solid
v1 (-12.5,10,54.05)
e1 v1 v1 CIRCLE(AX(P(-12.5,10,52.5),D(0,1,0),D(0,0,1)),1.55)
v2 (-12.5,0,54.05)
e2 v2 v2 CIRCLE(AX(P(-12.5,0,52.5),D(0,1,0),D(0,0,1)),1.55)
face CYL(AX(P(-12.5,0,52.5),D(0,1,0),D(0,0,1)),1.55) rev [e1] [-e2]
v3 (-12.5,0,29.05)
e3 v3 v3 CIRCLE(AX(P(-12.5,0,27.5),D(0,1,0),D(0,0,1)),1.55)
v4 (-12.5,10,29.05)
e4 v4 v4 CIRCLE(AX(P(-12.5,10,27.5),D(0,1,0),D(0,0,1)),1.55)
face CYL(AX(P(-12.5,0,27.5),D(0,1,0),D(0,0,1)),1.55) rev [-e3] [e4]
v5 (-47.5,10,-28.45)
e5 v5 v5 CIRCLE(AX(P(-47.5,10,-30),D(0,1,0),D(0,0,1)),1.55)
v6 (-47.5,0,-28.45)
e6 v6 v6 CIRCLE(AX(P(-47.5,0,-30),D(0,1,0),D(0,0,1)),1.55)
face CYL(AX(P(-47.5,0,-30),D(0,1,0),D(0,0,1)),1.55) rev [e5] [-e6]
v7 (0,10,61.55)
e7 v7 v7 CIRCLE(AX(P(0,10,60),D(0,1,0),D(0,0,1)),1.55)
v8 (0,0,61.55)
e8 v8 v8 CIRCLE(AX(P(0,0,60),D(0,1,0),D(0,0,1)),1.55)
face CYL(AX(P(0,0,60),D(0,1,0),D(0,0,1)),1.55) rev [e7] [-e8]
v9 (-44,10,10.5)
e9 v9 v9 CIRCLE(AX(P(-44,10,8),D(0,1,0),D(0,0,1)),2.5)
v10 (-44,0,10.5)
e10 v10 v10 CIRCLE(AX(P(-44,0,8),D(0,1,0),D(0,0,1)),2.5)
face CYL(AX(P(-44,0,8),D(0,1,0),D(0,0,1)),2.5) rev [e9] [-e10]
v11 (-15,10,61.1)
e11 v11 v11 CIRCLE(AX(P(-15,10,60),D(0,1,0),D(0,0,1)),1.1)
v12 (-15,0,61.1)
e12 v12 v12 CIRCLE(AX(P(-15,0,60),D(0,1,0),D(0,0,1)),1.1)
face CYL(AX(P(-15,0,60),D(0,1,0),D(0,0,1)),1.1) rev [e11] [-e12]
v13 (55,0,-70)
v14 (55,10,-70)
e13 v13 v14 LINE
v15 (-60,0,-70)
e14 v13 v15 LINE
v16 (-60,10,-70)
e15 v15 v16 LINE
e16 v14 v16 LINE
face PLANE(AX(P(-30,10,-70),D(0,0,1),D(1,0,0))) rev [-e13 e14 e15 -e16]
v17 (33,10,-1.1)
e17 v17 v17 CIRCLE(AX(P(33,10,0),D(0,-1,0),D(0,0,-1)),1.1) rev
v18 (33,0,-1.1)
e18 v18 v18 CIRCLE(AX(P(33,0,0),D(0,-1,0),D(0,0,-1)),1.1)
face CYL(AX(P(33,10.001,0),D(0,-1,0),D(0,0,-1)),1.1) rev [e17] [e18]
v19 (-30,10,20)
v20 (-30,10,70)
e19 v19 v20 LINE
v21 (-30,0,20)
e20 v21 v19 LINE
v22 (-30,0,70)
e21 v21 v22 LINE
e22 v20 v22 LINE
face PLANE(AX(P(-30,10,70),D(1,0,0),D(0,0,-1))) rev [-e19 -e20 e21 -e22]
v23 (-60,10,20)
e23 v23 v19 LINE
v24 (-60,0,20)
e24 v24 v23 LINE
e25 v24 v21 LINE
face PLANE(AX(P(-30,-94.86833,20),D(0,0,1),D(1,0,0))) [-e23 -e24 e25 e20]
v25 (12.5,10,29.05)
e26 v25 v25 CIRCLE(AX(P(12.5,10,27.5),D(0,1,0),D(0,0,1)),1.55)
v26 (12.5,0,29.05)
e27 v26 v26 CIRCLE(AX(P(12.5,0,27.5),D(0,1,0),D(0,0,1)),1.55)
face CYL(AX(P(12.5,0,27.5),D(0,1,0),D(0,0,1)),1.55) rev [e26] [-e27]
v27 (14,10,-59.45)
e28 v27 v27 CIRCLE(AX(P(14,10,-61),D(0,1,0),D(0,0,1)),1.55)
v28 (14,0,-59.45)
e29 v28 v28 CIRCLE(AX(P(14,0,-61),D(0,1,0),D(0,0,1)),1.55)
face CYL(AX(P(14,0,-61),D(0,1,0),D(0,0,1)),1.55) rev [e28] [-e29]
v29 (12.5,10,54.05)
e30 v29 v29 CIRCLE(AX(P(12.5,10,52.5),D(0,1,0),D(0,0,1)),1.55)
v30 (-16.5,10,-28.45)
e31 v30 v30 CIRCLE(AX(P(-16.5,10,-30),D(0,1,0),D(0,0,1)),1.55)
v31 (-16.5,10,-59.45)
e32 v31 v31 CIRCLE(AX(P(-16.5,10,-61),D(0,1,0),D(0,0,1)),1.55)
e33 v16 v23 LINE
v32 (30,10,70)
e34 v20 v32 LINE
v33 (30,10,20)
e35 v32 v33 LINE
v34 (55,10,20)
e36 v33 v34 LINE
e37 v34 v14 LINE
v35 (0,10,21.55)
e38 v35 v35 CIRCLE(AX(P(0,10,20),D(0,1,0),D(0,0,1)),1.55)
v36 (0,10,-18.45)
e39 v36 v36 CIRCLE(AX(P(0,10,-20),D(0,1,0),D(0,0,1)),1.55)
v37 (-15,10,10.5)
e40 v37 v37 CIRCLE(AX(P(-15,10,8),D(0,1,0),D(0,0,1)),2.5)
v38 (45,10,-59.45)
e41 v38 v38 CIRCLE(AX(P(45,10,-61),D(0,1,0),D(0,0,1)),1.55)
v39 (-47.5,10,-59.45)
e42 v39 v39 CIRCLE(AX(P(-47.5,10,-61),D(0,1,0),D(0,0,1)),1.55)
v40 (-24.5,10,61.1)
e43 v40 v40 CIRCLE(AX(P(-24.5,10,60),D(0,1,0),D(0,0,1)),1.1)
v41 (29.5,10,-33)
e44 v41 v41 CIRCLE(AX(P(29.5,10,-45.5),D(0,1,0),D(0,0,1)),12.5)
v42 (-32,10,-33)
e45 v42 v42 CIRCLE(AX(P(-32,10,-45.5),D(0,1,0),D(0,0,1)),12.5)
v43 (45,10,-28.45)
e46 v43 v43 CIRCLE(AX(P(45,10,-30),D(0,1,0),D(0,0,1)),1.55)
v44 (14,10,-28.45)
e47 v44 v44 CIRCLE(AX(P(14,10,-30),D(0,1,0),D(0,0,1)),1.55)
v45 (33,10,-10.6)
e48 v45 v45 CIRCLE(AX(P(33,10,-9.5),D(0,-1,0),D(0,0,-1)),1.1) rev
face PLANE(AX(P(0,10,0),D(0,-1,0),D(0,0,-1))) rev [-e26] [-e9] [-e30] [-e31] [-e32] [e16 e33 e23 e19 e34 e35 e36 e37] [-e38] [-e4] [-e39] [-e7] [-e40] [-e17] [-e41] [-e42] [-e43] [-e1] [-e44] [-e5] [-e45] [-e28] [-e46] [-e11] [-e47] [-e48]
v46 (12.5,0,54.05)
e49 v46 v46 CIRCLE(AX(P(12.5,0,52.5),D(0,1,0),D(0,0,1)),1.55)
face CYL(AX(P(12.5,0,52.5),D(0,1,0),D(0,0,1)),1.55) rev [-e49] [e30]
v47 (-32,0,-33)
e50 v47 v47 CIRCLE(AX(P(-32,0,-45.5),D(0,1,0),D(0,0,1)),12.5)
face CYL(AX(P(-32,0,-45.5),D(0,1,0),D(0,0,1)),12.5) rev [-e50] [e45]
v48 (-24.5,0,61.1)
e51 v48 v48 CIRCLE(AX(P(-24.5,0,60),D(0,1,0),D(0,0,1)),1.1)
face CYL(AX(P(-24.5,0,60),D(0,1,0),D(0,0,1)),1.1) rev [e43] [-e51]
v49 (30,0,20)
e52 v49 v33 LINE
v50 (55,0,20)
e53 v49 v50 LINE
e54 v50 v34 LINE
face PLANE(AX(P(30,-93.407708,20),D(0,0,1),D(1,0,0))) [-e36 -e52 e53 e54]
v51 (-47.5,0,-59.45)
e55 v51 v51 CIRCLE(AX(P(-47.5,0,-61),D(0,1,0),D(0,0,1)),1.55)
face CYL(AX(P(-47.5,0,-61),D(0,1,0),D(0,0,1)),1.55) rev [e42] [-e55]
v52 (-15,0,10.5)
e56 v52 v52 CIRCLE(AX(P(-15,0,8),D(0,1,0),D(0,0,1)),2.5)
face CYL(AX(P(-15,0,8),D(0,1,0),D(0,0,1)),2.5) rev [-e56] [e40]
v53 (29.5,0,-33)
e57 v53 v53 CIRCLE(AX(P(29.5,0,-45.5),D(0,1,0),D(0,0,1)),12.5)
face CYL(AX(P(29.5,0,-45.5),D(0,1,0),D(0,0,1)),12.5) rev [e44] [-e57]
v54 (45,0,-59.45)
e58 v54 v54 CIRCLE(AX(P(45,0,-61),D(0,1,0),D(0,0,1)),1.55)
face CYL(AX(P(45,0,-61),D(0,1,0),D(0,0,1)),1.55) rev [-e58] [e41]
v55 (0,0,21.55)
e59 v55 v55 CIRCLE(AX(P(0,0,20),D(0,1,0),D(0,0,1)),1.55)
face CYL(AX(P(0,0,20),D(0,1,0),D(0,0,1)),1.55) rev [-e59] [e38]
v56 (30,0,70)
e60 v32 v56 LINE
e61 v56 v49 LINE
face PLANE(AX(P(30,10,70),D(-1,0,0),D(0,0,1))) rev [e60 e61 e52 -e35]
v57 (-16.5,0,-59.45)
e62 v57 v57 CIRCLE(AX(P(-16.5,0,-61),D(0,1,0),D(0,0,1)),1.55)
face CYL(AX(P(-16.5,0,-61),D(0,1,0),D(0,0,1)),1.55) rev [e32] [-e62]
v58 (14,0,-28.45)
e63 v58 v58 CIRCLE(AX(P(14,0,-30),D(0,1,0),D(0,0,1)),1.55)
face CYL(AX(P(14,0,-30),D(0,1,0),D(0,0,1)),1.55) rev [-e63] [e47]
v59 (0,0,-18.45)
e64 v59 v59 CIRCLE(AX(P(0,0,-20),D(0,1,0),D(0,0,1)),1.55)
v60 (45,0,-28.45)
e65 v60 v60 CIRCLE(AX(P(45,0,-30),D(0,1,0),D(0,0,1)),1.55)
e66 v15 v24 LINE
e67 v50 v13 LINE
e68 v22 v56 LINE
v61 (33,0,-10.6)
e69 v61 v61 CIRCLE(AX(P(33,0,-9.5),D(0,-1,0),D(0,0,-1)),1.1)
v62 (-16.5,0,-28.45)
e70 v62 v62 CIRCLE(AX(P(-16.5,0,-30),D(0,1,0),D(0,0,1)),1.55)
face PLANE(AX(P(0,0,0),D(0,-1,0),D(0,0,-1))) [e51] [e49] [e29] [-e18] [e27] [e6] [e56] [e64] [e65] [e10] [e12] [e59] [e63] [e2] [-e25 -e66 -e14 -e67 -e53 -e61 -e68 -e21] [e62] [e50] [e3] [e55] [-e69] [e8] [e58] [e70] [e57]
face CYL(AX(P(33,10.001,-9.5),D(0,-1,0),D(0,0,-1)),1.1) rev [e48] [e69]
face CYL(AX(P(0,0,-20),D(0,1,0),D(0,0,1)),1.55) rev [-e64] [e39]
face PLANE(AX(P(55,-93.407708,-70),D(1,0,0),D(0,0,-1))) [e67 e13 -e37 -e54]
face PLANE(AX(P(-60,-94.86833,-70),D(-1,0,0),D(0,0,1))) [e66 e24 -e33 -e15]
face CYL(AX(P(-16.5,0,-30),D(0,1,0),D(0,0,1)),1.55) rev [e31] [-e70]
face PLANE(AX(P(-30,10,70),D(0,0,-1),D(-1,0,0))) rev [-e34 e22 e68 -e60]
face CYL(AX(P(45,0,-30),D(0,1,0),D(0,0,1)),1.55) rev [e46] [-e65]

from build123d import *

# Parameters (mm, degrees)
SKETCH1_W           = 60
SKETCH1_H           = 140
BOSS_EXTRUDE1_DEPTH = 10
SKETCH3_R           = 1.55
CUT_EXTRUDE1_DEPTH  = 77.811457479
SKETCH4_R           = 1.55
CUT_EXTRUDE2_DEPTH  = 77.811457479
SKETCH7_W           = 25
SKETCH7_H           = 90
BOSS_EXTRUDE2_DEPTH = 10
SKETCH8_R           = 1.55
SKETCH8_R_2         = 12.5
CUT_EXTRUDE4_DEPTH  = 90.582364336
SKETCH9_W           = 30
SKETCH9_H           = 90
BOSS_EXTRUDE3_DEPTH = 10
SKETCH10_R          = 1.55
SKETCH10_R_2        = 12.5
CUT_EXTRUDE5_DEPTH  = 93.736184955
SKETCH11_R          = 2.5
CUT_EXTRUDE6_DEPTH  = 93.736184955
SKETCH12_R          = 1.1
CUT_EXTRUDE7_DEPTH  = 93.736184955
CUT_EXTRUDE8_REACH  = 94.736
SKETCH13_R          = 1.1


with BuildPart() as part:
    # Sketch1 → Boss-Extrude1 (new body)
    with BuildSketch(Plane(origin=(0, 0, 0), x_dir=(1, 0, 0), z_dir=(0, 1, 0))):
        Rectangle(SKETCH1_W, SKETCH1_H)
    extrude(amount=BOSS_EXTRUDE1_DEPTH)

    # Sketch3 → Cut-Extrude1 (cut, through all)
    with BuildSketch(Plane(origin=(0, 10, 0), x_dir=(1, 0, 0), z_dir=(0, 1, 0))):
        with Locations(Location((0, -60, 0), (0, 0, 270))):
            Circle(SKETCH3_R)
        with Locations(Location((0, -20, 0), (0, 0, 270))):
            Circle(SKETCH3_R)
        with Locations(Location((0, 20, 0), (0, 0, 270))):
            Circle(SKETCH3_R)
    extrude(amount=-CUT_EXTRUDE1_DEPTH, mode=Mode.SUBTRACT)

    # Sketch4 → Cut-Extrude2 (cut, through all)
    with BuildSketch(Plane(origin=(0, 10, 0), x_dir=(1, 0, 0), z_dir=(0, 1, 0))):
        with Locations(Location((12.5, -27.5, 0), (0, 0, 270))):
            Circle(SKETCH4_R)
        with Locations(Location((12.5, -52.5, 0), (0, 0, 270))):
            Circle(SKETCH4_R)
        with Locations(Location((-12.5, -27.5, 0), (0, 0, 270))):
            Circle(SKETCH4_R)
        with Locations(Location((-12.5, -52.5, 0), (0, 0, 270))):
            Circle(SKETCH4_R)
    extrude(amount=-CUT_EXTRUDE2_DEPTH, mode=Mode.SUBTRACT)

    # Sketch7 → Boss-Extrude2 (add)
    with BuildSketch(Plane(origin=(0, 10, 0), x_dir=(1, 0, 0), z_dir=(0, 1, 0))):
        with Locations((42.5, 25)):
            Rectangle(SKETCH7_W, SKETCH7_H)
    extrude(amount=-BOSS_EXTRUDE2_DEPTH)

    # Sketch8 → Cut-Extrude4 (cut, through all)
    with BuildSketch(Plane(origin=(0, 10, 0), x_dir=(1, 0, 0), z_dir=(0, 1, 0))):
        with Locations(Location((14, 30, 0), (0, 0, 270))):
            Circle(SKETCH8_R)
        with Locations(Location((45, 30, 0), (0, 0, 270))):
            Circle(SKETCH8_R)
        with Locations(Location((45, 61, 0), (0, 0, 270))):
            Circle(SKETCH8_R)
        with Locations(Location((14, 61, 0), (0, 0, 270))):
            Circle(SKETCH8_R)
        with Locations(Location((29.5, 45.5, 0), (0, 0, 270))):
            Circle(SKETCH8_R_2)
    extrude(amount=-CUT_EXTRUDE4_DEPTH, mode=Mode.SUBTRACT)

    # Sketch9 → Boss-Extrude3 (add)
    with BuildSketch(Plane(origin=(0, 10, 0), x_dir=(1, 0, 0), z_dir=(0, 1, 0))):
        with Locations((-45, 25)):
            Rectangle(SKETCH9_W, SKETCH9_H)
    extrude(amount=-BOSS_EXTRUDE3_DEPTH)

    # Sketch10 → Cut-Extrude5 (cut, through all)
    with BuildSketch(Plane(origin=(0, 10, 0), x_dir=(1, 0, 0), z_dir=(0, 1, 0))):
        with Locations(Location((-47.5, 61, 0), (0, 0, 270))):
            Circle(SKETCH10_R)
        with Locations(Location((-16.5, 61, 0), (0, 0, 270))):
            Circle(SKETCH10_R)
        with Locations(Location((-16.5, 30, 0), (0, 0, 270))):
            Circle(SKETCH10_R)
        with Locations(Location((-47.5, 30, 0), (0, 0, 270))):
            Circle(SKETCH10_R)
        with Locations(Location((-32, 45.5, 0), (0, 0, 270))):
            Circle(SKETCH10_R_2)
    extrude(amount=-CUT_EXTRUDE5_DEPTH, mode=Mode.SUBTRACT)

    # Sketch11 → Cut-Extrude6 (cut, through all)
    with BuildSketch(Plane(origin=(0, 10, 0), x_dir=(1, 0, 0), z_dir=(0, 1, 0))):
        with Locations(Location((-44, -8, 0), (0, 0, 270))):
            Circle(SKETCH11_R)
        with Locations(Location((-15, -8, 0), (0, 0, 270))):
            Circle(SKETCH11_R)
    extrude(amount=-CUT_EXTRUDE6_DEPTH, mode=Mode.SUBTRACT)

    # Sketch12 → Cut-Extrude7 (cut, through all)
    with BuildSketch(Plane(origin=(0, 10, 0), x_dir=(1, 0, 0), z_dir=(0, 1, 0))):
        with Locations(Location((-24.5, -60, 0), (0, 0, 270))):
            Circle(SKETCH12_R)
        with Locations(Location((-15, -60, 0), (0, 0, 270))):
            Circle(SKETCH12_R)
    extrude(amount=-CUT_EXTRUDE7_DEPTH, mode=Mode.SUBTRACT)

    # Sketch13 → Cut-Extrude8 (cut, up to next)
    with BuildSketch(Plane.XZ, mode=Mode.PRIVATE) as cut_extrude8_sk1:
        with Locations(Location((33, -9.5, 0), (0, 0, 270))):
            Circle(SKETCH13_R)
    cut_extrude8_tool1 = extrude(cut_extrude8_sk1.sketch, amount=-CUT_EXTRUDE8_REACH, mode=Mode.PRIVATE) & part.part
    # Sketch13 → Cut-Extrude8 (cut, up to next)
    with BuildSketch(Plane.XZ, mode=Mode.PRIVATE) as cut_extrude8_sk2:
        with Locations(Location((33, 0, 0), (0, 0, 270))):
            Circle(SKETCH13_R)
    cut_extrude8_tool2 = extrude(cut_extrude8_sk2.sketch, amount=-CUT_EXTRUDE8_REACH, mode=Mode.PRIVATE) & part.part
    add(cut_extrude8_tool1.solids().sort_by_distance((33, 0, -9.5))[0], mode=Mode.SUBTRACT)
    add(cut_extrude8_tool2.solids().sort_by_distance((33, 0, 0))[0], mode=Mode.SUBTRACT)


solid = part.part
